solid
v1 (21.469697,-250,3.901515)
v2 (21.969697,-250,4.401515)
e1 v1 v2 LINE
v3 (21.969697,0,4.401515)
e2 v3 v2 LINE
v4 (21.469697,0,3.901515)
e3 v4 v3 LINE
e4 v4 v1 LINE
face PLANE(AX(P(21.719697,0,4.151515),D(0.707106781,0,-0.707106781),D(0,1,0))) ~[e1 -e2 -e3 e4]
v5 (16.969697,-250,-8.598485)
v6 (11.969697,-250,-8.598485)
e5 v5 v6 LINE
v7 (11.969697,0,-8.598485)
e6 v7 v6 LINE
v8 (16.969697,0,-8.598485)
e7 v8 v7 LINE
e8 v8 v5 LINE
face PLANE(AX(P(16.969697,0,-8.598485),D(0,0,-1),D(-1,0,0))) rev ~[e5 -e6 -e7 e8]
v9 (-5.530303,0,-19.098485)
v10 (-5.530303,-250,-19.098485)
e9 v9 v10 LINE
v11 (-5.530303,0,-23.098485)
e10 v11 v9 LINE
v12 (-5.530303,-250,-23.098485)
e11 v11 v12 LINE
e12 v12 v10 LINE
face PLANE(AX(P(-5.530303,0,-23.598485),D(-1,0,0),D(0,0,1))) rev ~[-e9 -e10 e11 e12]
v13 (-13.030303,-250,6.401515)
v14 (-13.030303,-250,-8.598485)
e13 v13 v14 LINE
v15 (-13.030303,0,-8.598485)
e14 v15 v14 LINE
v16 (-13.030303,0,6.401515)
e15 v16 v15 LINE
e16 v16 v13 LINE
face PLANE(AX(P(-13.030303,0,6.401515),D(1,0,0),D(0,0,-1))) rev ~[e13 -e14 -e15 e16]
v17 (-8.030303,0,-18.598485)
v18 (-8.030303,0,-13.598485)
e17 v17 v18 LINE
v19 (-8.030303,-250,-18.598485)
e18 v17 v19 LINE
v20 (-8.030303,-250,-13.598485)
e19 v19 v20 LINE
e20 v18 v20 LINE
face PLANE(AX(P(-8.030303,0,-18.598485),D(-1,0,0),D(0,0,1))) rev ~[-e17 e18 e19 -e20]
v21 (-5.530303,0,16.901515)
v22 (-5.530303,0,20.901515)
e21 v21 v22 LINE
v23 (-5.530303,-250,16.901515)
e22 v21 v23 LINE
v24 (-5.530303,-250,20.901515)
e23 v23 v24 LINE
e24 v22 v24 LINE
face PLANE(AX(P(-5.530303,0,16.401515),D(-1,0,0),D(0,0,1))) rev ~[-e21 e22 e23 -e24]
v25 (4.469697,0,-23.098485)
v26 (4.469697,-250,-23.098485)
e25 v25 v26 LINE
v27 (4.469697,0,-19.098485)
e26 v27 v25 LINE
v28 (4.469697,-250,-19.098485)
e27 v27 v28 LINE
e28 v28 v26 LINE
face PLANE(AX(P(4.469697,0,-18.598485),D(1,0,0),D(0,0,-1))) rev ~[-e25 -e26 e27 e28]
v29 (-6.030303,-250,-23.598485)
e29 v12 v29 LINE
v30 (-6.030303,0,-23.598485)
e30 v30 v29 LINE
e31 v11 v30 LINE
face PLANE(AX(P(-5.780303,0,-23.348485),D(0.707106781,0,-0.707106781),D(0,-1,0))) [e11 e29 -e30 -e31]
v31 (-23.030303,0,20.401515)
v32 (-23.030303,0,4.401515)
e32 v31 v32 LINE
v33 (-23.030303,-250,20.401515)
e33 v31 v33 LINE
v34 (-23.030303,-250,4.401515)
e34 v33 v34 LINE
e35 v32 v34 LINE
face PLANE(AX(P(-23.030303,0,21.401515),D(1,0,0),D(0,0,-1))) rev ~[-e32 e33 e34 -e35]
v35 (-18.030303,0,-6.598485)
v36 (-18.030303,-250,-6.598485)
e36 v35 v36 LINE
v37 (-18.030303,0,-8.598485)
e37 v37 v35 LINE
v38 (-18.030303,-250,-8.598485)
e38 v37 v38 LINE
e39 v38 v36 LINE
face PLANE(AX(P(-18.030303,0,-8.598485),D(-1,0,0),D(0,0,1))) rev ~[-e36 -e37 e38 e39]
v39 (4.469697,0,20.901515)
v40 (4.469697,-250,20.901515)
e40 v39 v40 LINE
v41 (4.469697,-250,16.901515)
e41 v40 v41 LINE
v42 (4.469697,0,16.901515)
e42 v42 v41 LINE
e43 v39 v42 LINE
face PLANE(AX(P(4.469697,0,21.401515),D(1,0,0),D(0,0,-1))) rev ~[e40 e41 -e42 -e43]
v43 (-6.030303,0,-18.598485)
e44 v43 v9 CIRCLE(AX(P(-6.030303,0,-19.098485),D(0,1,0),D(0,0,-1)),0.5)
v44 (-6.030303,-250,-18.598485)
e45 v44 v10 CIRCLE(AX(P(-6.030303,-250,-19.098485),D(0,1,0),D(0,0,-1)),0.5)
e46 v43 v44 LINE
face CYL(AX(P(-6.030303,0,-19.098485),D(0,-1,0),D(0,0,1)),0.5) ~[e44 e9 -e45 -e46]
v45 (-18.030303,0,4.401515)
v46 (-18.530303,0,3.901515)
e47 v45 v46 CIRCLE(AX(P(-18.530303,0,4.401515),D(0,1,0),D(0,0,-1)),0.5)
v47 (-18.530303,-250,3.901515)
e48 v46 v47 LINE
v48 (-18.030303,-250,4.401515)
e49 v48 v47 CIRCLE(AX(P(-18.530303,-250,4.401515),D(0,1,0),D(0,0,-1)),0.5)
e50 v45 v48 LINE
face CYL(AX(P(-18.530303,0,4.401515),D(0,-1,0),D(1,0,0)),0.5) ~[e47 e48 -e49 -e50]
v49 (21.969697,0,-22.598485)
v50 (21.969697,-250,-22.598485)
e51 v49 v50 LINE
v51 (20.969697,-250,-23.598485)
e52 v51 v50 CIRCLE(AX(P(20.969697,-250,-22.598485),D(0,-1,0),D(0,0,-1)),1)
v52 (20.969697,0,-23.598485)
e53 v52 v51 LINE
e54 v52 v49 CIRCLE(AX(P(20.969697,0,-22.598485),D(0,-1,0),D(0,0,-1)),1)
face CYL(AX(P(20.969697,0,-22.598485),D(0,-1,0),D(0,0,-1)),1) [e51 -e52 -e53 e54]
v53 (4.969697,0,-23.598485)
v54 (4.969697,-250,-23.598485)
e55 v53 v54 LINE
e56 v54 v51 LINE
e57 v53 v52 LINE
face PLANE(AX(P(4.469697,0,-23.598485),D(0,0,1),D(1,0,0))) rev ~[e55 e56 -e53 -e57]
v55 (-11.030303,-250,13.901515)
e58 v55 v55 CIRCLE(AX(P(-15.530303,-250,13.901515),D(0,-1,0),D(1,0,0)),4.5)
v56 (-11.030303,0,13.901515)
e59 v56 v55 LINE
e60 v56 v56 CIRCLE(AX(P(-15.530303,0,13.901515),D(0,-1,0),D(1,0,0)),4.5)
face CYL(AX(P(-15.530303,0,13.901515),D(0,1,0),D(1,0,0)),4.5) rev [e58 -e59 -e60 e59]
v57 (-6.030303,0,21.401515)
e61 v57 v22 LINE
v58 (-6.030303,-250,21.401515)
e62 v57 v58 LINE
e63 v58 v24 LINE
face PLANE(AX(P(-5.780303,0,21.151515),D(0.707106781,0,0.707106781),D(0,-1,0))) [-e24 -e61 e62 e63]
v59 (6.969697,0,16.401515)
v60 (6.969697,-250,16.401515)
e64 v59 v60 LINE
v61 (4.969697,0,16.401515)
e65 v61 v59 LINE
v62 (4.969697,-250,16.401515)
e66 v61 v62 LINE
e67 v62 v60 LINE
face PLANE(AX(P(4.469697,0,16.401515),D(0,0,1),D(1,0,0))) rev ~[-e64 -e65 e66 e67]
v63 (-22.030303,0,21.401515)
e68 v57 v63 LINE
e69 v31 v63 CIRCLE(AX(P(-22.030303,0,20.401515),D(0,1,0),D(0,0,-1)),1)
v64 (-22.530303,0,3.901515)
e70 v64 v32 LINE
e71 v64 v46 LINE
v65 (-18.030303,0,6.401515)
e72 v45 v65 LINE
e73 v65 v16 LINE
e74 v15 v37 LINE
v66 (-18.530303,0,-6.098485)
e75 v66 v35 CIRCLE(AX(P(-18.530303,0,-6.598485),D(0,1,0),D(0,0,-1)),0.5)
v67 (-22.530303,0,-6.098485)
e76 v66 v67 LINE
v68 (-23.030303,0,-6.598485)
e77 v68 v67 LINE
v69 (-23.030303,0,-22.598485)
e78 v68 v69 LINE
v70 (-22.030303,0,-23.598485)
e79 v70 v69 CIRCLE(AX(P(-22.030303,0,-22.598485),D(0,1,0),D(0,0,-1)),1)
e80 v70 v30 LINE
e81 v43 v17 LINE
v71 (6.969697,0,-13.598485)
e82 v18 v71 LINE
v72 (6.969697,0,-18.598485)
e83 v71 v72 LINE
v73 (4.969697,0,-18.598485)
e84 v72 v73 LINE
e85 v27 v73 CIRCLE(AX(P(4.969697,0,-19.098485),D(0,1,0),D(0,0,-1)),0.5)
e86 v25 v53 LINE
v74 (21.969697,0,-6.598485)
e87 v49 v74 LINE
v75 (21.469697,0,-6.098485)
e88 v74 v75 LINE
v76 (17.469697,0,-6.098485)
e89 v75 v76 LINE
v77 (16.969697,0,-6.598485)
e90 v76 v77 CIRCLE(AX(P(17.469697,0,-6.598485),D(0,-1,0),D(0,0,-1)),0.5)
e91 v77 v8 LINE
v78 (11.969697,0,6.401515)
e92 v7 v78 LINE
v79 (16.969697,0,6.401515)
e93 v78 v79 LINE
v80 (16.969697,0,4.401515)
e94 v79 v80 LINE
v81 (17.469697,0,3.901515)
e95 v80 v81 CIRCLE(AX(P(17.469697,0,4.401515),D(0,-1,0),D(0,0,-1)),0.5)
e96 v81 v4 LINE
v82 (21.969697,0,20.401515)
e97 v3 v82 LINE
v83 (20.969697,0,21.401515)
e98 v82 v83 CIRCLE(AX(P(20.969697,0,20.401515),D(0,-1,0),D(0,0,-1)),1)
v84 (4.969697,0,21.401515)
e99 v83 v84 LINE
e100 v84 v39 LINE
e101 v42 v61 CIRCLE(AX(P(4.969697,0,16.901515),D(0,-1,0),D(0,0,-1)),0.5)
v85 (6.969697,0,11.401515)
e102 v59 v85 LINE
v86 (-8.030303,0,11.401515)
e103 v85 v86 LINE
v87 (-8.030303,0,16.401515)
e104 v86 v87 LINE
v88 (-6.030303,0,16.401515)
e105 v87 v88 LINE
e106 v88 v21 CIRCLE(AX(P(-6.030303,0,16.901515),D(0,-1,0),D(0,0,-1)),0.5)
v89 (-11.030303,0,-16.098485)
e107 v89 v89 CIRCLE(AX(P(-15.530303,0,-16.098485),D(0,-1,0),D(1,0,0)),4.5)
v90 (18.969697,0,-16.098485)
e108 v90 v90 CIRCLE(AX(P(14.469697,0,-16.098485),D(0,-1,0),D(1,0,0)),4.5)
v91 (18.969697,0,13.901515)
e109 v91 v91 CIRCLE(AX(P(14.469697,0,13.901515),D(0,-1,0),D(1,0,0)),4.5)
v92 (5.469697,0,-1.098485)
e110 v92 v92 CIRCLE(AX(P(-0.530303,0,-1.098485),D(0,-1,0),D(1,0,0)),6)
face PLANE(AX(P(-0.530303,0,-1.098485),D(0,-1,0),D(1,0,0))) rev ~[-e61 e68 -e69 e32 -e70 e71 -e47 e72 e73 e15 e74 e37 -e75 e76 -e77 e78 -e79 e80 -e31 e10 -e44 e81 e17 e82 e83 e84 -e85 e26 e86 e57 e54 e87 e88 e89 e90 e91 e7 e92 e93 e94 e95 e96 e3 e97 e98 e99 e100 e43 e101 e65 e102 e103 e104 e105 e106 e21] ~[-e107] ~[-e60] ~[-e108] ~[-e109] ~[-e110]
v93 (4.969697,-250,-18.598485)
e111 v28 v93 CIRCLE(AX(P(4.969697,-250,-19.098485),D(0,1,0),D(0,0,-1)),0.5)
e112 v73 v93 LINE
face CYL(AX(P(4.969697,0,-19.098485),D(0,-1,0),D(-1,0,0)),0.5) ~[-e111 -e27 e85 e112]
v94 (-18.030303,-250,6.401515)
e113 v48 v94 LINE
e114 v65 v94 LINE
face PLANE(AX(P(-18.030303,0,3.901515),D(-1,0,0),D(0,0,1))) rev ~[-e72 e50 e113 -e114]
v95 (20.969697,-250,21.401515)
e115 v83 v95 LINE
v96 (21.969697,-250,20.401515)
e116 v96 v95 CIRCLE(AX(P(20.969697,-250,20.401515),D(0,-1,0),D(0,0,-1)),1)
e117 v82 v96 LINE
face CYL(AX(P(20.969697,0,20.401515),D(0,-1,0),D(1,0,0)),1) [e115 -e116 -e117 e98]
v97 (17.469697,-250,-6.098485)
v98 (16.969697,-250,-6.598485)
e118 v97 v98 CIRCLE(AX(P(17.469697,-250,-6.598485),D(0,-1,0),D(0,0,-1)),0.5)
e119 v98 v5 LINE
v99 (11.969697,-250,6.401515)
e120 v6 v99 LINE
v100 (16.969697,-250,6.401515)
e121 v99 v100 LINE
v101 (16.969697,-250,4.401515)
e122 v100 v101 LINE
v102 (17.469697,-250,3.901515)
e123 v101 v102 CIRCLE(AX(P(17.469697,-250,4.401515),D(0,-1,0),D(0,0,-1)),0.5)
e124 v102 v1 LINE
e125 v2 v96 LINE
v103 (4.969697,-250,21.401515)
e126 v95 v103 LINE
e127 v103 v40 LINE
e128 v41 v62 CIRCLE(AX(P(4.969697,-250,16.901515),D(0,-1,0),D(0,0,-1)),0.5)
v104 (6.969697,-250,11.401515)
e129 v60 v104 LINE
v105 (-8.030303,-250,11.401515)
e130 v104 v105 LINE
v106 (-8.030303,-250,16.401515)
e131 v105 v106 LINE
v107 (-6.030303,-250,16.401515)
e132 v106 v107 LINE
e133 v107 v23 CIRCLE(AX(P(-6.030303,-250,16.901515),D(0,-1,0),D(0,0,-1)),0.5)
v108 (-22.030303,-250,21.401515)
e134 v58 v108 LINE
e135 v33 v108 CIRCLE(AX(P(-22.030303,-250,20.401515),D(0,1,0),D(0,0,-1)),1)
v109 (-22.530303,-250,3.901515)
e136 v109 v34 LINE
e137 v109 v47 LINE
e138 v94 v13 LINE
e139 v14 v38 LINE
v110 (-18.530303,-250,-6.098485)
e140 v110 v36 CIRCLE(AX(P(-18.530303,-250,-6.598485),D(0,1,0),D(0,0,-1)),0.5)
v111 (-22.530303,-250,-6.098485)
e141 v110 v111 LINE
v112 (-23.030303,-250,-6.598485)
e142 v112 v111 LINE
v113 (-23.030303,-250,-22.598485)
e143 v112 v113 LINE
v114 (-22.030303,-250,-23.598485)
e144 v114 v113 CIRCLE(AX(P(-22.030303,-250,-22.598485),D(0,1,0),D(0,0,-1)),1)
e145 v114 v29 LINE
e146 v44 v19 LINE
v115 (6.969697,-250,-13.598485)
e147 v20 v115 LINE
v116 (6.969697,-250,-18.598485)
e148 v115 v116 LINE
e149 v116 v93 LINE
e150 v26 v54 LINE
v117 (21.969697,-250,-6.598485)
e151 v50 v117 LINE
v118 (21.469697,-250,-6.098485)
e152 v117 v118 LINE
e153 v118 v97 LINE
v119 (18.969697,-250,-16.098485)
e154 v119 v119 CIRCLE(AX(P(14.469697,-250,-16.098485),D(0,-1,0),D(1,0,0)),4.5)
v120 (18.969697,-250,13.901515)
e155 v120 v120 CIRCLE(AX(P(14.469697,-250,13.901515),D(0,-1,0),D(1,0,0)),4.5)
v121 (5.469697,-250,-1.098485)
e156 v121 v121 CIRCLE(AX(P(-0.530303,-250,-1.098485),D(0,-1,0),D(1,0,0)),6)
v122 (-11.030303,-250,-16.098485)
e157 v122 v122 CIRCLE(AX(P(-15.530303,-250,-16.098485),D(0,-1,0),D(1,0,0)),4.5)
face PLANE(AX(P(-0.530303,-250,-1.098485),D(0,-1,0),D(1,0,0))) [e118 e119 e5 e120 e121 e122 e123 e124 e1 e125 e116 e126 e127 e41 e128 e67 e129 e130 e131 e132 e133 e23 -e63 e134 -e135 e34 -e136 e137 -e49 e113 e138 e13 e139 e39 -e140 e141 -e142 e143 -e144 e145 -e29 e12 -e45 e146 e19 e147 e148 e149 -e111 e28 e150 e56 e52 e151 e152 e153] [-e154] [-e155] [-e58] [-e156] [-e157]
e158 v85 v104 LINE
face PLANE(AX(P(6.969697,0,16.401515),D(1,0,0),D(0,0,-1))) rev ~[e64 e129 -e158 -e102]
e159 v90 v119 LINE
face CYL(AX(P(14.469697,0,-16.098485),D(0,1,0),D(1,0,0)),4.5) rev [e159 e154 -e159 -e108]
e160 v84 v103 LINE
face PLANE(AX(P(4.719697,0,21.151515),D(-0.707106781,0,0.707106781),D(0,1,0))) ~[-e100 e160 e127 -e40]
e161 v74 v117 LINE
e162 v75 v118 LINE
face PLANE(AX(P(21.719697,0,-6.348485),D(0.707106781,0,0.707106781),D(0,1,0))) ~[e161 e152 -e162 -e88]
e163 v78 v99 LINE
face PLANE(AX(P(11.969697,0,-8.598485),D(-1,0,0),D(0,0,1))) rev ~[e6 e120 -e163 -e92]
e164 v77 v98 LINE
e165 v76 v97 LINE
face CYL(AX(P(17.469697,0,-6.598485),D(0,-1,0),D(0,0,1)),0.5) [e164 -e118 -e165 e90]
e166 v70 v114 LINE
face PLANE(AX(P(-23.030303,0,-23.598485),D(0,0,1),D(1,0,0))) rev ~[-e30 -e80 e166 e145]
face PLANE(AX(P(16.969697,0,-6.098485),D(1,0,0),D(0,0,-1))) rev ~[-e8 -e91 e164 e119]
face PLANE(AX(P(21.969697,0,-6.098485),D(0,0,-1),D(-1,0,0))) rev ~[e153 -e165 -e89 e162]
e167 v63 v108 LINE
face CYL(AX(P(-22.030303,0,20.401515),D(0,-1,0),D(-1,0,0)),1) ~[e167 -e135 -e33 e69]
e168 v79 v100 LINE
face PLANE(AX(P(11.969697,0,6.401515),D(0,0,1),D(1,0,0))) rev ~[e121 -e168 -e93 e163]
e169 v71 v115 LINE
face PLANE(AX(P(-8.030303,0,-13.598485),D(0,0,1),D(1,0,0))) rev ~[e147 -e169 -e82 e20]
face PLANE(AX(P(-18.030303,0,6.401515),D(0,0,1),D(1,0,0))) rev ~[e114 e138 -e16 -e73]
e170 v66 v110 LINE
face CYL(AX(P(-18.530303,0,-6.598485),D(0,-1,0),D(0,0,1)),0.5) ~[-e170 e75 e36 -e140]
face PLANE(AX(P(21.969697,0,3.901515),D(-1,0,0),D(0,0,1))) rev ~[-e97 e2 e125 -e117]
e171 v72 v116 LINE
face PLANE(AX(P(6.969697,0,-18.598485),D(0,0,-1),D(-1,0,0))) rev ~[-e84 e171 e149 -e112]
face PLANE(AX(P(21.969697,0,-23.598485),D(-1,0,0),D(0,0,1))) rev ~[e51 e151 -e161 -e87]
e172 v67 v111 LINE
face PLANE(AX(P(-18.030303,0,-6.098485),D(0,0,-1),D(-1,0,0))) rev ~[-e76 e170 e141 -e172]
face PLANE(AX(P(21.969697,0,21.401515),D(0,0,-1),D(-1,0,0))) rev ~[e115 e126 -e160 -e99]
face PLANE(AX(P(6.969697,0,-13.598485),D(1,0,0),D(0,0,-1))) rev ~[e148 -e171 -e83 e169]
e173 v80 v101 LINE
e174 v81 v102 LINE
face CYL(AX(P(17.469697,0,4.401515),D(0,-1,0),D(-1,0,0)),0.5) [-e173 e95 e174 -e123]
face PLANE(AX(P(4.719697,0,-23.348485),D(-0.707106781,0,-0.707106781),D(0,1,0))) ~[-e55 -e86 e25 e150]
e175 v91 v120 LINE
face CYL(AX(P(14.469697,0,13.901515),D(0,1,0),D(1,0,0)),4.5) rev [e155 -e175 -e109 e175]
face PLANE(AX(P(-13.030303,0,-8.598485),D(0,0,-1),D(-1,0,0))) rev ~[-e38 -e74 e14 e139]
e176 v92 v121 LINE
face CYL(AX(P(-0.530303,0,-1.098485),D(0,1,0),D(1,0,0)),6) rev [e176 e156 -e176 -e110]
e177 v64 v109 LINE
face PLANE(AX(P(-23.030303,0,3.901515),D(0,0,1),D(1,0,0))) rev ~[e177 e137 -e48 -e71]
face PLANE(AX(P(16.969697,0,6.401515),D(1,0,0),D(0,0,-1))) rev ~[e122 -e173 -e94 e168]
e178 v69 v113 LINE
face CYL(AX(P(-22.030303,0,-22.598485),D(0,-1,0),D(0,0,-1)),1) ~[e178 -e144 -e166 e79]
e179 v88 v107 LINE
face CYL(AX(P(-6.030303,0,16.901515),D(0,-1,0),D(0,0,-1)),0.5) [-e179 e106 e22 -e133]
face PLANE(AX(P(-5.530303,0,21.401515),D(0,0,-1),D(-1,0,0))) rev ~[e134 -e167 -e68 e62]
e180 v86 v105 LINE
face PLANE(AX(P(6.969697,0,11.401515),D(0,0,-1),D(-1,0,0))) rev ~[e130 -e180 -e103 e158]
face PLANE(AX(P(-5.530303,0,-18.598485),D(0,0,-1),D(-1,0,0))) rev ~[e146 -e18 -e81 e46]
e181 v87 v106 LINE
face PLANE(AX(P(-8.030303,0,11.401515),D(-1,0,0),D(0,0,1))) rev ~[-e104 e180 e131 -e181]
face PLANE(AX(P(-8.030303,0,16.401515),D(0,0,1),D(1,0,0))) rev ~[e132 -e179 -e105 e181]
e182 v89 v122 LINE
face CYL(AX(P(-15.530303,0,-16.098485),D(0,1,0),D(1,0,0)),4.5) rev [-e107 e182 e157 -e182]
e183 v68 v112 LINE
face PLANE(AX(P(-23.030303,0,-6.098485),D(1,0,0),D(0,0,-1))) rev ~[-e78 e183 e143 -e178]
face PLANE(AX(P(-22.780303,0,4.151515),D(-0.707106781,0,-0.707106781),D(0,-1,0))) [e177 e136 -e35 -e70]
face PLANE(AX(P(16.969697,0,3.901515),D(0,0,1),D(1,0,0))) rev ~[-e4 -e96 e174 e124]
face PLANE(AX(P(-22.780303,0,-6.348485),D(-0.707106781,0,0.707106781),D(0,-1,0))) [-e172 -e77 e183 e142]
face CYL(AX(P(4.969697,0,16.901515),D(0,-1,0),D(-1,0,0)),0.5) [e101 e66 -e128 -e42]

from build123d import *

# Parameters (mm, degrees)
F0_R     = 4.5
F0_R_2   = 6
F1_DEPTH = 250
F2_R     = 1
F3_R     = 0.5
F4_SIZE  = 0.5


with BuildPart() as f1:
    # F0 (on Front) → F1 (new body)
    with BuildSketch(Plane.XZ):
        Polygon((4.469697, -23.598485), (21.969697, -23.598485), (21.969697, -6.098485), (16.969697, -6.098485), (16.969697, -8.598485), (11.969697, -8.598485), (11.969697, 6.401515), (16.969697, 6.401515), (16.969697, 3.901515), (21.969697, 3.901515), (21.969697, 21.401515), (4.469697, 21.401515), (4.469697, 16.401515), (6.969697, 16.401515), (6.969697, 11.401515), (-8.030303, 11.401515), (-8.030303, 16.401515), (-5.530303, 16.401515), (-5.530303, 21.401515), (-23.030303, 21.401515), (-23.030303, 3.901515), (-18.030303, 3.901515), (-18.030303, 6.401515), (-13.030303, 6.401515), (-13.030303, -8.598485), (-18.030303, -8.598485), (-18.030303, -6.098485), (-23.030303, -6.098485), (-23.030303, -23.598485), (-5.530303, -23.598485), (-5.530303, -18.598485), (-8.030303, -18.598485), (-8.030303, -13.598485), (6.969697, -13.598485), (6.969697, -18.598485), (4.469697, -18.598485), align=None)
        with Locations((-15.530303, -16.098485)):
            Circle(F0_R, mode=Mode.SUBTRACT)
        with Locations((14.469697, -16.098485)):
            Circle(F0_R, mode=Mode.SUBTRACT)
        with Locations((-0.530303, -1.098485)):
            Circle(F0_R_2, mode=Mode.SUBTRACT)
        with Locations((-15.530303, 13.901515)):
            Circle(F0_R, mode=Mode.SUBTRACT)
        with Locations((14.469697, 13.901515)):
            Circle(F0_R, mode=Mode.SUBTRACT)
    extrude(amount=F1_DEPTH)

    # F2
    f2_edges = [f1.edges().sort_by_distance(p)[0] for p in [
        (21.969697, -125, 21.401515),
        (21.969697, -125, -23.598485),
        (-23.030303, -125, -23.598485),
        (-23.030303, -125, 21.401515),
    ]]
    fillet(f2_edges, radius=F2_R)

    # F3
    f3_edges = [f1.edges().sort_by_distance(p)[0] for p in [
        (-18.030303, -125, -6.098485),
        (-18.030303, -125, 3.901515),
        (-5.530303, -125, -18.598485),
        (4.469697, -125, -18.598485),
        (16.969697, -125, -6.098485),
        (-5.530303, -125, 16.401515),
        (4.469697, -125, 16.401515),
        (16.969697, -125, 3.901515),
    ]]
    fillet(f3_edges, radius=F3_R)

    # F4
    f4_edges = [f1.edges().sort_by_distance(p)[0] for p in [
        (21.969697, -125, -6.098485),
        (21.969697, -125, 3.901515),
        (4.469697, -125, 21.401515),
        (-5.530303, -125, 21.401515),
        (-23.030303, -125, 3.901515),
        (-23.030303, -125, -6.098485),
        (4.469697, -125, -23.598485),
        (-5.530303, -125, -23.598485),
    ]]
    chamfer(f4_edges, length=F4_SIZE)


solid = f1.part
